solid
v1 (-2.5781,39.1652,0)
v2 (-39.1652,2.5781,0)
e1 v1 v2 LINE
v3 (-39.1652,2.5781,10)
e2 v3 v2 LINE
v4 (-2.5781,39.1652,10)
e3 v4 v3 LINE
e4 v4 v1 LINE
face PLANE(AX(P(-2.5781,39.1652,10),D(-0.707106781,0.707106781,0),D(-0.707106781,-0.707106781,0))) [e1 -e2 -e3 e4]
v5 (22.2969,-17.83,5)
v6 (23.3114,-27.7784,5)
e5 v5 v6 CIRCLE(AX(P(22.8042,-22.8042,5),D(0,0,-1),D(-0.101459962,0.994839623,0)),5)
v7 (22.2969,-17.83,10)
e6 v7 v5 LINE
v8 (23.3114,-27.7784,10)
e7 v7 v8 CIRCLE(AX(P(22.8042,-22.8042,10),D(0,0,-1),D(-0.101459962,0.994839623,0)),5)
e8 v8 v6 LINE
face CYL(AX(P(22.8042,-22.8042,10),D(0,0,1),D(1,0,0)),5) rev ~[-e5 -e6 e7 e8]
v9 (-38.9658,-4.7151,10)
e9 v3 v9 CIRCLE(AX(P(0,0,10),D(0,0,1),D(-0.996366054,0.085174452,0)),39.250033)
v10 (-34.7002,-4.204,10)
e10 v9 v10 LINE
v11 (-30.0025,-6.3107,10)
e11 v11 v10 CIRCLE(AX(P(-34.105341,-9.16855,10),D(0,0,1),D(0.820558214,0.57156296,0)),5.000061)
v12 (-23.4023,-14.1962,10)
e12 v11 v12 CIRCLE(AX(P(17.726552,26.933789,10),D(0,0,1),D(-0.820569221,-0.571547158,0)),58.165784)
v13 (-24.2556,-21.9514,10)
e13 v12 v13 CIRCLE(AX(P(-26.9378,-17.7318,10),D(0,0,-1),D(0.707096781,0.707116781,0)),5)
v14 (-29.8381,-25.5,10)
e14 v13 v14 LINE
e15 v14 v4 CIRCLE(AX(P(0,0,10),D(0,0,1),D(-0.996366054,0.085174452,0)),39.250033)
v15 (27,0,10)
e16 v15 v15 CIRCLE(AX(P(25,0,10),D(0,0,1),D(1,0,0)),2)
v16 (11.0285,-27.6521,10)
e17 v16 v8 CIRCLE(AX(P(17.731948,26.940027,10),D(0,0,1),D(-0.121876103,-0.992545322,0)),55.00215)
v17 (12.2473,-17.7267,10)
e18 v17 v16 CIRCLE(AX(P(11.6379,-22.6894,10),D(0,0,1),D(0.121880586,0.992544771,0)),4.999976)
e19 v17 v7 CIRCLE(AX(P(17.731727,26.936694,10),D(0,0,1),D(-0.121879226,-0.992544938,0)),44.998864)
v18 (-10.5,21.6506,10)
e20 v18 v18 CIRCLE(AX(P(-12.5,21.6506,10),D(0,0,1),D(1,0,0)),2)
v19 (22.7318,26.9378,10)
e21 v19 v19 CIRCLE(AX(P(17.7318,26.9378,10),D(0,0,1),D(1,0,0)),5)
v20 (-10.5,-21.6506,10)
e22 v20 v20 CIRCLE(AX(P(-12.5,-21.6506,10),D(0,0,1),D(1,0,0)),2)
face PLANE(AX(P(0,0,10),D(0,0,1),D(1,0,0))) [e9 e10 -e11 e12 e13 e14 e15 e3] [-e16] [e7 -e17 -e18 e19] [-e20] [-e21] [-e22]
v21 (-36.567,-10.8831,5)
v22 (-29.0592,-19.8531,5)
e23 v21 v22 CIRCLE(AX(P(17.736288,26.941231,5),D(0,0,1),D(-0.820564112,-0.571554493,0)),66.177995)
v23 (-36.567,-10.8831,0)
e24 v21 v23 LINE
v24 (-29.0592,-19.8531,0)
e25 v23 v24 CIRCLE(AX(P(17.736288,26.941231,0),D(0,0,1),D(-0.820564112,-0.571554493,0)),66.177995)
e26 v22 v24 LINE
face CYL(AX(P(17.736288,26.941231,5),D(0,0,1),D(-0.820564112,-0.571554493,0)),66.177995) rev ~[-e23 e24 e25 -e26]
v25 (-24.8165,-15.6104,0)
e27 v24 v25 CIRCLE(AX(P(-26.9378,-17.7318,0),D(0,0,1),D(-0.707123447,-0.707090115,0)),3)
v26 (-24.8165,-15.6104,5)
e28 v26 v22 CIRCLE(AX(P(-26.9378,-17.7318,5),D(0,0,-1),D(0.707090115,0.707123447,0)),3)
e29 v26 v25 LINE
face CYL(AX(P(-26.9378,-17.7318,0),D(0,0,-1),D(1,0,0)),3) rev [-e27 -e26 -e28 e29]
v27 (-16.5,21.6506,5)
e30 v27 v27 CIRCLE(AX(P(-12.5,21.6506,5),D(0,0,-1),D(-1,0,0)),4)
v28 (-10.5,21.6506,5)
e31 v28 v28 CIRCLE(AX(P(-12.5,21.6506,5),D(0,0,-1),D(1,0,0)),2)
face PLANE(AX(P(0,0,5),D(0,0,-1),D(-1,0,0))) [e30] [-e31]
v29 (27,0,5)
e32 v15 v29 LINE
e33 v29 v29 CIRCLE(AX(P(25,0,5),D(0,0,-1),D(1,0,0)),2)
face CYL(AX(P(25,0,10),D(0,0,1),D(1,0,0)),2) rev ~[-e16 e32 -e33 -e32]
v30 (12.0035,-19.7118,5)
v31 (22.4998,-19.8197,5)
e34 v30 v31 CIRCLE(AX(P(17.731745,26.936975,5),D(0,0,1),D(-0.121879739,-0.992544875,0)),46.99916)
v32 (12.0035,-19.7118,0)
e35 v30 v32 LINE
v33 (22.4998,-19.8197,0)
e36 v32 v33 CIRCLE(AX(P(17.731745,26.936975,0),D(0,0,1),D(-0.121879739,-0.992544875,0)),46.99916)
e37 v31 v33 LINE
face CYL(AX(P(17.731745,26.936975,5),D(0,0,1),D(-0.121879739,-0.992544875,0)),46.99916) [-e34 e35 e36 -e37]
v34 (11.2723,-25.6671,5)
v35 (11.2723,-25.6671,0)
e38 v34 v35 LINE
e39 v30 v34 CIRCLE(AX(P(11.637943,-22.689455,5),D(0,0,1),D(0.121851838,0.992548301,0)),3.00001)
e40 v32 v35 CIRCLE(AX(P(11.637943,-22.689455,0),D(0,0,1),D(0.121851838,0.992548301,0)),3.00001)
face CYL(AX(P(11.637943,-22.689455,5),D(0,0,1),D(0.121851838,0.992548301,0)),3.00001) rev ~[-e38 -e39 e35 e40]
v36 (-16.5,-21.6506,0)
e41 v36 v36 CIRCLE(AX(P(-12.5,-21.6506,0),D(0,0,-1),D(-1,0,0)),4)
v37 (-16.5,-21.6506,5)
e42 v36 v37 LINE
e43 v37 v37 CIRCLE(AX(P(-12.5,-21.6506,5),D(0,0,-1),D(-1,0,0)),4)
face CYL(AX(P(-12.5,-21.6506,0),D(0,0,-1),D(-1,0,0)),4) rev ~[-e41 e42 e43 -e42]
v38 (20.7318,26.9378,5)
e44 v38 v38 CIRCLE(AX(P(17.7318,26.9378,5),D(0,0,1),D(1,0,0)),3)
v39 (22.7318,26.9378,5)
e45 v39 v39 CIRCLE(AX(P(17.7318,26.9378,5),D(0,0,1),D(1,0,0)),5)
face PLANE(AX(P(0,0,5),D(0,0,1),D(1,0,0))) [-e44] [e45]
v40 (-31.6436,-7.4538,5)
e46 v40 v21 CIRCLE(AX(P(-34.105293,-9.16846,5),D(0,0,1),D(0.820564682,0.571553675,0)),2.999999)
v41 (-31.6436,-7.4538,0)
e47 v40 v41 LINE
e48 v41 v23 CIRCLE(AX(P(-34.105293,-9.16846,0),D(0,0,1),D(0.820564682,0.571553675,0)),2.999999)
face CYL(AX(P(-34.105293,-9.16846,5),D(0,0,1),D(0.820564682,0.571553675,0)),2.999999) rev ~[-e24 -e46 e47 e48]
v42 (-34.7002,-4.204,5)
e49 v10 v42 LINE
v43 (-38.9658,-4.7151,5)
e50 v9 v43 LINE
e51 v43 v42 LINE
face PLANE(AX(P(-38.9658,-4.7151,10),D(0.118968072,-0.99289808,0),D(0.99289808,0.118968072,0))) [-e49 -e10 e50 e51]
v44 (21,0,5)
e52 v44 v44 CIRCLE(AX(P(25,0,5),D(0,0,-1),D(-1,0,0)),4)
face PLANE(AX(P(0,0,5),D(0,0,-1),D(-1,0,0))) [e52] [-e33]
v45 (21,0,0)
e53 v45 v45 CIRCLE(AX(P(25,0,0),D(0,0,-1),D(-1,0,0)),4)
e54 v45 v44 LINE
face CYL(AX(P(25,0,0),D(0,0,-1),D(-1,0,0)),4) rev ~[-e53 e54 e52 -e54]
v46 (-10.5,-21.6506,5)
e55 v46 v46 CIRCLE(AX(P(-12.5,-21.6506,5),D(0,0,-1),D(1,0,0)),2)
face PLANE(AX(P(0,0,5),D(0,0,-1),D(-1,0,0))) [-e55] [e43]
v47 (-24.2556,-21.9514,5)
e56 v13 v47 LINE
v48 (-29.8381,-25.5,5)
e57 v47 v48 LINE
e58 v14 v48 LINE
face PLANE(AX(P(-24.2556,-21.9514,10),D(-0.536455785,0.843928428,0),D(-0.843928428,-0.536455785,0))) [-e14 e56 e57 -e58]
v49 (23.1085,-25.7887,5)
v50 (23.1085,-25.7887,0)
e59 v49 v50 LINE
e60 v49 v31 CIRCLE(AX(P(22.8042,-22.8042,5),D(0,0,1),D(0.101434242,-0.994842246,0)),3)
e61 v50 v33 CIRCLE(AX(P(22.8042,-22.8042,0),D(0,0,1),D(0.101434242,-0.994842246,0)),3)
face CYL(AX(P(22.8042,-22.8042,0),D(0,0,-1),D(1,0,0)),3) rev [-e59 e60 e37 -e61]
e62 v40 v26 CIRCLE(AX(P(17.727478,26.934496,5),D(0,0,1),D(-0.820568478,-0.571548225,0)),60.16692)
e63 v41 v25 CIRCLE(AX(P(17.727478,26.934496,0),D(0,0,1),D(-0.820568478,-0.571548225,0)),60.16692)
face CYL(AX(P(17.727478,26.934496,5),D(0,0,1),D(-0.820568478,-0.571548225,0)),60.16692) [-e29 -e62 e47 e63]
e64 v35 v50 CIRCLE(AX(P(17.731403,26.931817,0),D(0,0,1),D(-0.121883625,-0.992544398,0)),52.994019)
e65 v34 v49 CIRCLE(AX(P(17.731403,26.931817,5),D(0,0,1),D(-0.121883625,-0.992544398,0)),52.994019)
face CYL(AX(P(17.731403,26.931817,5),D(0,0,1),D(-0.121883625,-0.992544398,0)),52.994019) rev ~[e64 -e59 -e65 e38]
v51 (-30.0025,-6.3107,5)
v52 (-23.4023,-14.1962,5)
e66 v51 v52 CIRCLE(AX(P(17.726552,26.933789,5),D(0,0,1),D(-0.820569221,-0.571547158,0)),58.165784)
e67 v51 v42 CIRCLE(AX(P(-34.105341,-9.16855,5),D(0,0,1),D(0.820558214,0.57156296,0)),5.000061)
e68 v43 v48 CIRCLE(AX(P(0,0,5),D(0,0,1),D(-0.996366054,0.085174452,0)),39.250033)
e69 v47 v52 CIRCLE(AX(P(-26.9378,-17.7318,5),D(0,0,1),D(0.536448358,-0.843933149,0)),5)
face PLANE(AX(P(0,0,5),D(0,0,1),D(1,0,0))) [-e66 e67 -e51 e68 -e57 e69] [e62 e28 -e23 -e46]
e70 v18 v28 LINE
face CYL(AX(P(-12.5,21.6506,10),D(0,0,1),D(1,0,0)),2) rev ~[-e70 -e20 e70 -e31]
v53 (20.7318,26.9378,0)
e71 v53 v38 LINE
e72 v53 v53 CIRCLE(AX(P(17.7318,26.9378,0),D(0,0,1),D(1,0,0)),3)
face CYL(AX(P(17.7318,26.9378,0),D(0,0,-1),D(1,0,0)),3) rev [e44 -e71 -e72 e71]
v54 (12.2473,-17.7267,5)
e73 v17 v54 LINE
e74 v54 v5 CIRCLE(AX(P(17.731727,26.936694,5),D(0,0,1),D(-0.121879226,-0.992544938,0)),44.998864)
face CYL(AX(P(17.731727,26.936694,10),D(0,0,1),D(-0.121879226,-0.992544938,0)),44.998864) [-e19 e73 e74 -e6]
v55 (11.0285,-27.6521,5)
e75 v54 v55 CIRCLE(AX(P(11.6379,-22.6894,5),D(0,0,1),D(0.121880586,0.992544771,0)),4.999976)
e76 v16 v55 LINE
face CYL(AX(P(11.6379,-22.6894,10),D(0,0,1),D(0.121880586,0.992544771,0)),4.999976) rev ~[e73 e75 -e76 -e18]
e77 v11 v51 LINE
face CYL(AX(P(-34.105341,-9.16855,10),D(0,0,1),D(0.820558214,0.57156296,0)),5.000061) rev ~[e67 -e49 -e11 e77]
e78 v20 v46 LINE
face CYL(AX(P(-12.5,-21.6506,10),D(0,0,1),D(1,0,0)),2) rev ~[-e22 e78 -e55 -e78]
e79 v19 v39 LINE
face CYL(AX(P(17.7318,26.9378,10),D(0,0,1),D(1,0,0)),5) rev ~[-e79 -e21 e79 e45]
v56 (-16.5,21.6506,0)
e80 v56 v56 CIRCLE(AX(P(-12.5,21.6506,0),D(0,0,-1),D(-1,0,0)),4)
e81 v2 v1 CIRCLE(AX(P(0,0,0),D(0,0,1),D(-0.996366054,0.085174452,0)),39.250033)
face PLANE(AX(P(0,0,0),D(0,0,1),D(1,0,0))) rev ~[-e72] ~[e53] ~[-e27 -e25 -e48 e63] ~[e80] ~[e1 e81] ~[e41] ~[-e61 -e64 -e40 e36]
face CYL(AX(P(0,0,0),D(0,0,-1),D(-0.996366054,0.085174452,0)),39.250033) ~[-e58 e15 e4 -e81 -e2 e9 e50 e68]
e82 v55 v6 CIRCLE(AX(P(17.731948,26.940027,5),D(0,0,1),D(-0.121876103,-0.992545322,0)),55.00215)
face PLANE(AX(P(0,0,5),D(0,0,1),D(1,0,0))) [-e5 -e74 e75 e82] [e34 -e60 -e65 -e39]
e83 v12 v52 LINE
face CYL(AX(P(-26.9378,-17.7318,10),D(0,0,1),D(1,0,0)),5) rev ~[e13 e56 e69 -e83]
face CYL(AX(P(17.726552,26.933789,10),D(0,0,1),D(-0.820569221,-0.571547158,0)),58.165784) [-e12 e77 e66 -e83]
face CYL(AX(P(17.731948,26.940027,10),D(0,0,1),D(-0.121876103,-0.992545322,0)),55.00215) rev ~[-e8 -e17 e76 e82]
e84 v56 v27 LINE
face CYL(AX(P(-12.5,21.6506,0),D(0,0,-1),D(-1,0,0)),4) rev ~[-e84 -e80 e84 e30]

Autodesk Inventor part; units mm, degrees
ref_plane "YZ Plane" through (0, 0, 0) normal (1, 0, 0) x (0, 1, 0)
ref_plane "XZ Plane" through (0, 0, 0) normal (0, 1, 0) x (-1, 0, 0)
ref_plane "XY Plane" through (0, 0, 0) normal (0, 0, 1) x (1, 0, 0)
sketch "Sketch1" plane through (0, 0, 0) normal (0, 0, 1) x (1, 0, 0)
  arc A0 (-39.1074, 3.3431) -> (-3.3431, 39.1074) centre (0, 0) ccw
  line L0 (0, 0) -> (30.017, 0) construction
  line L1 (-39.1074, 3.3431) -> (-3.3431, 39.1074)
  line L2 (0, 0) -> (39.25, 0) construction
  circle A1 centre (22.8042, -22.8042) radius 3
  circle A2 centre (-26.9378, -17.7318) radius 3
  circle A3 centre (17.7318, 26.9378) radius 3
  dimension "d0" = 78.5
  dimension "d6" = 6
  dimension "d9" = 6
  dimension "d10" = 6
extrude "Extrusion1" add sketch "Sketch1" along normal blind 10
sketch "Sketch2" plane through (0, 0, 10) normal (0, 0, 1) x (1, 0, 0)
  circle A0 centre (17.7318, 26.9378) radius 3 projected
  circle A1 centre (17.7318, 26.9378) radius 5
  circle A2 centre (22.8042, -22.8042) radius 3 projected
  circle A3 centre (22.8042, -22.8042) radius 5
  circle A4 centre (-26.9378, -17.7318) radius 3 projected
  circle A5 centre (-26.9378, -17.7318) radius 5
  point P0 (0, 0)
  dimension "d13" = 10
  dimension "d14" = 10
  dimension "d15" = 10
extrude "Extrusion2" cut sketch "Sketch2" against normal blind 5 contours A1
extrude "Extrusion3" cut sketch "Sketch2" against normal blind 5 contours A5
extrude "Extrusion4" cut sketch "Sketch2" against normal blind 5 contours A3
sketch "Sketch3" plane through (0, 0, 10) normal (0, 0, 1) x (1, 0, 0)
  line L0 (0, 0) -> (25, 0) construction
  circle A0 centre (-12.5, -21.6506) radius 2
  arc A1 (-39.1074, 3.3431) -> (-3.3431, 39.1074) centre (0, 0) ccw projected
  circle A2 centre (25, 0) radius 2
  circle A3 centre (-12.5, 21.6506) radius 2
  dimension "d24" = 4
  dimension "d27" = 360
extrude "Extrusion5" cut sketch "Sketch3" against normal through all contours A0
extrude "Extrusion6" cut sketch "Sketch3" against normal through all contours A2
extrude "Extrusion7" cut sketch "Sketch3" against normal through all contours A3
sketch "Sketch4" plane through (0, 0, 0) normal (0, 0, -1) x (-1, 0, 0)
  circle A0 centre (12.5, 21.6506) radius 2 projected
  circle A1 centre (12.5, 21.6506) radius 4
  circle A2 centre (-25, 0) radius 2 projected
  circle A3 centre (-25, 0) radius 4
  circle A4 centre (12.5, -21.6506) radius 2 projected
  circle A5 centre (12.5, -21.6506) radius 4
  point P0 (0, 0)
  dimension "d35" = 8
  dimension "d36" = 8
  dimension "d37" = 8
extrude "Extrusion8" cut sketch "Sketch4" against normal blind 5 contours A1
extrude "Extrusion9" cut sketch "Sketch4" against normal blind 5 contours A5
extrude "Extrusion10" cut sketch "Sketch4" against normal blind 5 contours A3
sketch "Sketch5" plane through (0, 0, 10) normal (0, 0, 1) x (1, 0, 0)
  circle A0 centre (17.7318, 26.9378) radius 3 projected
  circle A1 centre (22.8042, -22.8042) radius 3 projected
  circle A2 centre (-26.9378, -17.7318) radius 5 projected
  arc A3 (12.2473, -17.7267) -> (11.0285, -27.6521) centre (11.6379, -22.6894) ccw
  arc A4 (-39.1074, 3.3431) -> (-3.3431, 39.1074) centre (0, 0) ccw projected
  arc A5 (-30.0025, -6.3107) -> (-23.4023, -14.1962) centre (17.7318, 26.9378) ccw
  line L0 (-38.9658, -4.7151) -> (-34.7002, -4.204)
  line L1 (-24.2556, -21.9514) -> (-29.8381, -25.5)
  circle A6 centre (-26.9378, -17.7318) radius 5 projected
  arc A7 (-30.0025, -6.3107) -> (-34.7002, -4.204) centre (-34.1053, -9.1685) ccw
  arc A8 (12.2473, -17.7267) -> (22.2969, -17.83) centre (17.7318, 26.9378) ccw
  arc A9 (11.0285, -27.6521) -> (23.3114, -27.7784) centre (17.7318, 26.9378) ccw
  circle A10 centre (22.8042, -22.8042) radius 5 projected
  dimension "d46" = 10
extrude "Extrusion11" cut sketch "Sketch5" against normal blind 5 contours A2 L1 A4 L0 A7 A5
extrude "Extrusion12" cut sketch "Sketch5" against normal blind 5 contours A8 A10 A9 A3 | A10
sketch "Sketch6" plane through (0, 0, 5) normal (0, 0, 1) x (1, 0, 0)
  circle A0 centre (17.7318, 26.9378) radius 3 projected
  circle A1 centre (22.8042, -22.8042) radius 3 projected
  circle A2 centre (-26.9378, -17.7318) radius 3 projected
  arc A3 (12.0035, -19.7118) -> (22.4998, -19.8197) centre (17.7318, 26.9378) ccw
  arc A4 (11.2723, -25.6671) -> (23.1085, -25.7887) centre (17.7318, 26.9378) ccw
  arc A5 (12.2473, -17.7267) -> (11.0285, -27.6521) centre (11.6379, -22.6894) ccw projected
  arc A6 (12.0035, -19.7118) -> (11.2723, -25.6671) centre (11.6379, -22.6894) ccw
  arc A7 (-31.6436, -7.4538) -> (-24.8165, -15.6104) centre (17.7318, 26.9378) ccw
  arc A8 (-36.567, -10.8831) -> (-29.0592, -19.8531) centre (17.7318, 26.9378) ccw
  arc A9 (-30.0025, -6.3107) -> (-34.7002, -4.204) centre (-34.1053, -9.1685) ccw projected
  arc A10 (-31.6436, -7.4538) -> (-36.567, -10.8831) centre (-34.1053, -9.1685) ccw
  point P0 (0, 0)
  dimension "d69" = 106
  dimension "d70" = 6
  dimension "d71" = 6
extrude "Extrusion13" cut sketch "Sketch6" against normal blind 5 contours A1 A4 A6 A3
extrude "Extrusion14" cut sketch "Sketch6" against normal blind 5 contours A2 | A2 A8 A10 A7
sketch "Sketch7" plane through (0, 0, 10) normal (0, 0, 1) x (1, 0, 0)
  line L0 (-3.3431, 39.1074) -> (-39.1074, 3.3431) projected
  arc A0 (-29.8381, -25.5) -> (-3.3431, 39.1074) centre (0, 0) ccw projected
  line L1 (-2.5781, 39.1652) -> (-39.1652, 2.5781)
  line L2 (-2.5781, 39.1652) -> (49.1639, 39.1652) construction
  arc A1 (-39.1074, 3.3431) -> (-38.9658, -4.7151) centre (0, 0) ccw projected
  dimension "d77" = 135
extrude "Extrusion15" cut sketch "Sketch7" against normal blind 10
properties part number "Encoder Mount Base"
